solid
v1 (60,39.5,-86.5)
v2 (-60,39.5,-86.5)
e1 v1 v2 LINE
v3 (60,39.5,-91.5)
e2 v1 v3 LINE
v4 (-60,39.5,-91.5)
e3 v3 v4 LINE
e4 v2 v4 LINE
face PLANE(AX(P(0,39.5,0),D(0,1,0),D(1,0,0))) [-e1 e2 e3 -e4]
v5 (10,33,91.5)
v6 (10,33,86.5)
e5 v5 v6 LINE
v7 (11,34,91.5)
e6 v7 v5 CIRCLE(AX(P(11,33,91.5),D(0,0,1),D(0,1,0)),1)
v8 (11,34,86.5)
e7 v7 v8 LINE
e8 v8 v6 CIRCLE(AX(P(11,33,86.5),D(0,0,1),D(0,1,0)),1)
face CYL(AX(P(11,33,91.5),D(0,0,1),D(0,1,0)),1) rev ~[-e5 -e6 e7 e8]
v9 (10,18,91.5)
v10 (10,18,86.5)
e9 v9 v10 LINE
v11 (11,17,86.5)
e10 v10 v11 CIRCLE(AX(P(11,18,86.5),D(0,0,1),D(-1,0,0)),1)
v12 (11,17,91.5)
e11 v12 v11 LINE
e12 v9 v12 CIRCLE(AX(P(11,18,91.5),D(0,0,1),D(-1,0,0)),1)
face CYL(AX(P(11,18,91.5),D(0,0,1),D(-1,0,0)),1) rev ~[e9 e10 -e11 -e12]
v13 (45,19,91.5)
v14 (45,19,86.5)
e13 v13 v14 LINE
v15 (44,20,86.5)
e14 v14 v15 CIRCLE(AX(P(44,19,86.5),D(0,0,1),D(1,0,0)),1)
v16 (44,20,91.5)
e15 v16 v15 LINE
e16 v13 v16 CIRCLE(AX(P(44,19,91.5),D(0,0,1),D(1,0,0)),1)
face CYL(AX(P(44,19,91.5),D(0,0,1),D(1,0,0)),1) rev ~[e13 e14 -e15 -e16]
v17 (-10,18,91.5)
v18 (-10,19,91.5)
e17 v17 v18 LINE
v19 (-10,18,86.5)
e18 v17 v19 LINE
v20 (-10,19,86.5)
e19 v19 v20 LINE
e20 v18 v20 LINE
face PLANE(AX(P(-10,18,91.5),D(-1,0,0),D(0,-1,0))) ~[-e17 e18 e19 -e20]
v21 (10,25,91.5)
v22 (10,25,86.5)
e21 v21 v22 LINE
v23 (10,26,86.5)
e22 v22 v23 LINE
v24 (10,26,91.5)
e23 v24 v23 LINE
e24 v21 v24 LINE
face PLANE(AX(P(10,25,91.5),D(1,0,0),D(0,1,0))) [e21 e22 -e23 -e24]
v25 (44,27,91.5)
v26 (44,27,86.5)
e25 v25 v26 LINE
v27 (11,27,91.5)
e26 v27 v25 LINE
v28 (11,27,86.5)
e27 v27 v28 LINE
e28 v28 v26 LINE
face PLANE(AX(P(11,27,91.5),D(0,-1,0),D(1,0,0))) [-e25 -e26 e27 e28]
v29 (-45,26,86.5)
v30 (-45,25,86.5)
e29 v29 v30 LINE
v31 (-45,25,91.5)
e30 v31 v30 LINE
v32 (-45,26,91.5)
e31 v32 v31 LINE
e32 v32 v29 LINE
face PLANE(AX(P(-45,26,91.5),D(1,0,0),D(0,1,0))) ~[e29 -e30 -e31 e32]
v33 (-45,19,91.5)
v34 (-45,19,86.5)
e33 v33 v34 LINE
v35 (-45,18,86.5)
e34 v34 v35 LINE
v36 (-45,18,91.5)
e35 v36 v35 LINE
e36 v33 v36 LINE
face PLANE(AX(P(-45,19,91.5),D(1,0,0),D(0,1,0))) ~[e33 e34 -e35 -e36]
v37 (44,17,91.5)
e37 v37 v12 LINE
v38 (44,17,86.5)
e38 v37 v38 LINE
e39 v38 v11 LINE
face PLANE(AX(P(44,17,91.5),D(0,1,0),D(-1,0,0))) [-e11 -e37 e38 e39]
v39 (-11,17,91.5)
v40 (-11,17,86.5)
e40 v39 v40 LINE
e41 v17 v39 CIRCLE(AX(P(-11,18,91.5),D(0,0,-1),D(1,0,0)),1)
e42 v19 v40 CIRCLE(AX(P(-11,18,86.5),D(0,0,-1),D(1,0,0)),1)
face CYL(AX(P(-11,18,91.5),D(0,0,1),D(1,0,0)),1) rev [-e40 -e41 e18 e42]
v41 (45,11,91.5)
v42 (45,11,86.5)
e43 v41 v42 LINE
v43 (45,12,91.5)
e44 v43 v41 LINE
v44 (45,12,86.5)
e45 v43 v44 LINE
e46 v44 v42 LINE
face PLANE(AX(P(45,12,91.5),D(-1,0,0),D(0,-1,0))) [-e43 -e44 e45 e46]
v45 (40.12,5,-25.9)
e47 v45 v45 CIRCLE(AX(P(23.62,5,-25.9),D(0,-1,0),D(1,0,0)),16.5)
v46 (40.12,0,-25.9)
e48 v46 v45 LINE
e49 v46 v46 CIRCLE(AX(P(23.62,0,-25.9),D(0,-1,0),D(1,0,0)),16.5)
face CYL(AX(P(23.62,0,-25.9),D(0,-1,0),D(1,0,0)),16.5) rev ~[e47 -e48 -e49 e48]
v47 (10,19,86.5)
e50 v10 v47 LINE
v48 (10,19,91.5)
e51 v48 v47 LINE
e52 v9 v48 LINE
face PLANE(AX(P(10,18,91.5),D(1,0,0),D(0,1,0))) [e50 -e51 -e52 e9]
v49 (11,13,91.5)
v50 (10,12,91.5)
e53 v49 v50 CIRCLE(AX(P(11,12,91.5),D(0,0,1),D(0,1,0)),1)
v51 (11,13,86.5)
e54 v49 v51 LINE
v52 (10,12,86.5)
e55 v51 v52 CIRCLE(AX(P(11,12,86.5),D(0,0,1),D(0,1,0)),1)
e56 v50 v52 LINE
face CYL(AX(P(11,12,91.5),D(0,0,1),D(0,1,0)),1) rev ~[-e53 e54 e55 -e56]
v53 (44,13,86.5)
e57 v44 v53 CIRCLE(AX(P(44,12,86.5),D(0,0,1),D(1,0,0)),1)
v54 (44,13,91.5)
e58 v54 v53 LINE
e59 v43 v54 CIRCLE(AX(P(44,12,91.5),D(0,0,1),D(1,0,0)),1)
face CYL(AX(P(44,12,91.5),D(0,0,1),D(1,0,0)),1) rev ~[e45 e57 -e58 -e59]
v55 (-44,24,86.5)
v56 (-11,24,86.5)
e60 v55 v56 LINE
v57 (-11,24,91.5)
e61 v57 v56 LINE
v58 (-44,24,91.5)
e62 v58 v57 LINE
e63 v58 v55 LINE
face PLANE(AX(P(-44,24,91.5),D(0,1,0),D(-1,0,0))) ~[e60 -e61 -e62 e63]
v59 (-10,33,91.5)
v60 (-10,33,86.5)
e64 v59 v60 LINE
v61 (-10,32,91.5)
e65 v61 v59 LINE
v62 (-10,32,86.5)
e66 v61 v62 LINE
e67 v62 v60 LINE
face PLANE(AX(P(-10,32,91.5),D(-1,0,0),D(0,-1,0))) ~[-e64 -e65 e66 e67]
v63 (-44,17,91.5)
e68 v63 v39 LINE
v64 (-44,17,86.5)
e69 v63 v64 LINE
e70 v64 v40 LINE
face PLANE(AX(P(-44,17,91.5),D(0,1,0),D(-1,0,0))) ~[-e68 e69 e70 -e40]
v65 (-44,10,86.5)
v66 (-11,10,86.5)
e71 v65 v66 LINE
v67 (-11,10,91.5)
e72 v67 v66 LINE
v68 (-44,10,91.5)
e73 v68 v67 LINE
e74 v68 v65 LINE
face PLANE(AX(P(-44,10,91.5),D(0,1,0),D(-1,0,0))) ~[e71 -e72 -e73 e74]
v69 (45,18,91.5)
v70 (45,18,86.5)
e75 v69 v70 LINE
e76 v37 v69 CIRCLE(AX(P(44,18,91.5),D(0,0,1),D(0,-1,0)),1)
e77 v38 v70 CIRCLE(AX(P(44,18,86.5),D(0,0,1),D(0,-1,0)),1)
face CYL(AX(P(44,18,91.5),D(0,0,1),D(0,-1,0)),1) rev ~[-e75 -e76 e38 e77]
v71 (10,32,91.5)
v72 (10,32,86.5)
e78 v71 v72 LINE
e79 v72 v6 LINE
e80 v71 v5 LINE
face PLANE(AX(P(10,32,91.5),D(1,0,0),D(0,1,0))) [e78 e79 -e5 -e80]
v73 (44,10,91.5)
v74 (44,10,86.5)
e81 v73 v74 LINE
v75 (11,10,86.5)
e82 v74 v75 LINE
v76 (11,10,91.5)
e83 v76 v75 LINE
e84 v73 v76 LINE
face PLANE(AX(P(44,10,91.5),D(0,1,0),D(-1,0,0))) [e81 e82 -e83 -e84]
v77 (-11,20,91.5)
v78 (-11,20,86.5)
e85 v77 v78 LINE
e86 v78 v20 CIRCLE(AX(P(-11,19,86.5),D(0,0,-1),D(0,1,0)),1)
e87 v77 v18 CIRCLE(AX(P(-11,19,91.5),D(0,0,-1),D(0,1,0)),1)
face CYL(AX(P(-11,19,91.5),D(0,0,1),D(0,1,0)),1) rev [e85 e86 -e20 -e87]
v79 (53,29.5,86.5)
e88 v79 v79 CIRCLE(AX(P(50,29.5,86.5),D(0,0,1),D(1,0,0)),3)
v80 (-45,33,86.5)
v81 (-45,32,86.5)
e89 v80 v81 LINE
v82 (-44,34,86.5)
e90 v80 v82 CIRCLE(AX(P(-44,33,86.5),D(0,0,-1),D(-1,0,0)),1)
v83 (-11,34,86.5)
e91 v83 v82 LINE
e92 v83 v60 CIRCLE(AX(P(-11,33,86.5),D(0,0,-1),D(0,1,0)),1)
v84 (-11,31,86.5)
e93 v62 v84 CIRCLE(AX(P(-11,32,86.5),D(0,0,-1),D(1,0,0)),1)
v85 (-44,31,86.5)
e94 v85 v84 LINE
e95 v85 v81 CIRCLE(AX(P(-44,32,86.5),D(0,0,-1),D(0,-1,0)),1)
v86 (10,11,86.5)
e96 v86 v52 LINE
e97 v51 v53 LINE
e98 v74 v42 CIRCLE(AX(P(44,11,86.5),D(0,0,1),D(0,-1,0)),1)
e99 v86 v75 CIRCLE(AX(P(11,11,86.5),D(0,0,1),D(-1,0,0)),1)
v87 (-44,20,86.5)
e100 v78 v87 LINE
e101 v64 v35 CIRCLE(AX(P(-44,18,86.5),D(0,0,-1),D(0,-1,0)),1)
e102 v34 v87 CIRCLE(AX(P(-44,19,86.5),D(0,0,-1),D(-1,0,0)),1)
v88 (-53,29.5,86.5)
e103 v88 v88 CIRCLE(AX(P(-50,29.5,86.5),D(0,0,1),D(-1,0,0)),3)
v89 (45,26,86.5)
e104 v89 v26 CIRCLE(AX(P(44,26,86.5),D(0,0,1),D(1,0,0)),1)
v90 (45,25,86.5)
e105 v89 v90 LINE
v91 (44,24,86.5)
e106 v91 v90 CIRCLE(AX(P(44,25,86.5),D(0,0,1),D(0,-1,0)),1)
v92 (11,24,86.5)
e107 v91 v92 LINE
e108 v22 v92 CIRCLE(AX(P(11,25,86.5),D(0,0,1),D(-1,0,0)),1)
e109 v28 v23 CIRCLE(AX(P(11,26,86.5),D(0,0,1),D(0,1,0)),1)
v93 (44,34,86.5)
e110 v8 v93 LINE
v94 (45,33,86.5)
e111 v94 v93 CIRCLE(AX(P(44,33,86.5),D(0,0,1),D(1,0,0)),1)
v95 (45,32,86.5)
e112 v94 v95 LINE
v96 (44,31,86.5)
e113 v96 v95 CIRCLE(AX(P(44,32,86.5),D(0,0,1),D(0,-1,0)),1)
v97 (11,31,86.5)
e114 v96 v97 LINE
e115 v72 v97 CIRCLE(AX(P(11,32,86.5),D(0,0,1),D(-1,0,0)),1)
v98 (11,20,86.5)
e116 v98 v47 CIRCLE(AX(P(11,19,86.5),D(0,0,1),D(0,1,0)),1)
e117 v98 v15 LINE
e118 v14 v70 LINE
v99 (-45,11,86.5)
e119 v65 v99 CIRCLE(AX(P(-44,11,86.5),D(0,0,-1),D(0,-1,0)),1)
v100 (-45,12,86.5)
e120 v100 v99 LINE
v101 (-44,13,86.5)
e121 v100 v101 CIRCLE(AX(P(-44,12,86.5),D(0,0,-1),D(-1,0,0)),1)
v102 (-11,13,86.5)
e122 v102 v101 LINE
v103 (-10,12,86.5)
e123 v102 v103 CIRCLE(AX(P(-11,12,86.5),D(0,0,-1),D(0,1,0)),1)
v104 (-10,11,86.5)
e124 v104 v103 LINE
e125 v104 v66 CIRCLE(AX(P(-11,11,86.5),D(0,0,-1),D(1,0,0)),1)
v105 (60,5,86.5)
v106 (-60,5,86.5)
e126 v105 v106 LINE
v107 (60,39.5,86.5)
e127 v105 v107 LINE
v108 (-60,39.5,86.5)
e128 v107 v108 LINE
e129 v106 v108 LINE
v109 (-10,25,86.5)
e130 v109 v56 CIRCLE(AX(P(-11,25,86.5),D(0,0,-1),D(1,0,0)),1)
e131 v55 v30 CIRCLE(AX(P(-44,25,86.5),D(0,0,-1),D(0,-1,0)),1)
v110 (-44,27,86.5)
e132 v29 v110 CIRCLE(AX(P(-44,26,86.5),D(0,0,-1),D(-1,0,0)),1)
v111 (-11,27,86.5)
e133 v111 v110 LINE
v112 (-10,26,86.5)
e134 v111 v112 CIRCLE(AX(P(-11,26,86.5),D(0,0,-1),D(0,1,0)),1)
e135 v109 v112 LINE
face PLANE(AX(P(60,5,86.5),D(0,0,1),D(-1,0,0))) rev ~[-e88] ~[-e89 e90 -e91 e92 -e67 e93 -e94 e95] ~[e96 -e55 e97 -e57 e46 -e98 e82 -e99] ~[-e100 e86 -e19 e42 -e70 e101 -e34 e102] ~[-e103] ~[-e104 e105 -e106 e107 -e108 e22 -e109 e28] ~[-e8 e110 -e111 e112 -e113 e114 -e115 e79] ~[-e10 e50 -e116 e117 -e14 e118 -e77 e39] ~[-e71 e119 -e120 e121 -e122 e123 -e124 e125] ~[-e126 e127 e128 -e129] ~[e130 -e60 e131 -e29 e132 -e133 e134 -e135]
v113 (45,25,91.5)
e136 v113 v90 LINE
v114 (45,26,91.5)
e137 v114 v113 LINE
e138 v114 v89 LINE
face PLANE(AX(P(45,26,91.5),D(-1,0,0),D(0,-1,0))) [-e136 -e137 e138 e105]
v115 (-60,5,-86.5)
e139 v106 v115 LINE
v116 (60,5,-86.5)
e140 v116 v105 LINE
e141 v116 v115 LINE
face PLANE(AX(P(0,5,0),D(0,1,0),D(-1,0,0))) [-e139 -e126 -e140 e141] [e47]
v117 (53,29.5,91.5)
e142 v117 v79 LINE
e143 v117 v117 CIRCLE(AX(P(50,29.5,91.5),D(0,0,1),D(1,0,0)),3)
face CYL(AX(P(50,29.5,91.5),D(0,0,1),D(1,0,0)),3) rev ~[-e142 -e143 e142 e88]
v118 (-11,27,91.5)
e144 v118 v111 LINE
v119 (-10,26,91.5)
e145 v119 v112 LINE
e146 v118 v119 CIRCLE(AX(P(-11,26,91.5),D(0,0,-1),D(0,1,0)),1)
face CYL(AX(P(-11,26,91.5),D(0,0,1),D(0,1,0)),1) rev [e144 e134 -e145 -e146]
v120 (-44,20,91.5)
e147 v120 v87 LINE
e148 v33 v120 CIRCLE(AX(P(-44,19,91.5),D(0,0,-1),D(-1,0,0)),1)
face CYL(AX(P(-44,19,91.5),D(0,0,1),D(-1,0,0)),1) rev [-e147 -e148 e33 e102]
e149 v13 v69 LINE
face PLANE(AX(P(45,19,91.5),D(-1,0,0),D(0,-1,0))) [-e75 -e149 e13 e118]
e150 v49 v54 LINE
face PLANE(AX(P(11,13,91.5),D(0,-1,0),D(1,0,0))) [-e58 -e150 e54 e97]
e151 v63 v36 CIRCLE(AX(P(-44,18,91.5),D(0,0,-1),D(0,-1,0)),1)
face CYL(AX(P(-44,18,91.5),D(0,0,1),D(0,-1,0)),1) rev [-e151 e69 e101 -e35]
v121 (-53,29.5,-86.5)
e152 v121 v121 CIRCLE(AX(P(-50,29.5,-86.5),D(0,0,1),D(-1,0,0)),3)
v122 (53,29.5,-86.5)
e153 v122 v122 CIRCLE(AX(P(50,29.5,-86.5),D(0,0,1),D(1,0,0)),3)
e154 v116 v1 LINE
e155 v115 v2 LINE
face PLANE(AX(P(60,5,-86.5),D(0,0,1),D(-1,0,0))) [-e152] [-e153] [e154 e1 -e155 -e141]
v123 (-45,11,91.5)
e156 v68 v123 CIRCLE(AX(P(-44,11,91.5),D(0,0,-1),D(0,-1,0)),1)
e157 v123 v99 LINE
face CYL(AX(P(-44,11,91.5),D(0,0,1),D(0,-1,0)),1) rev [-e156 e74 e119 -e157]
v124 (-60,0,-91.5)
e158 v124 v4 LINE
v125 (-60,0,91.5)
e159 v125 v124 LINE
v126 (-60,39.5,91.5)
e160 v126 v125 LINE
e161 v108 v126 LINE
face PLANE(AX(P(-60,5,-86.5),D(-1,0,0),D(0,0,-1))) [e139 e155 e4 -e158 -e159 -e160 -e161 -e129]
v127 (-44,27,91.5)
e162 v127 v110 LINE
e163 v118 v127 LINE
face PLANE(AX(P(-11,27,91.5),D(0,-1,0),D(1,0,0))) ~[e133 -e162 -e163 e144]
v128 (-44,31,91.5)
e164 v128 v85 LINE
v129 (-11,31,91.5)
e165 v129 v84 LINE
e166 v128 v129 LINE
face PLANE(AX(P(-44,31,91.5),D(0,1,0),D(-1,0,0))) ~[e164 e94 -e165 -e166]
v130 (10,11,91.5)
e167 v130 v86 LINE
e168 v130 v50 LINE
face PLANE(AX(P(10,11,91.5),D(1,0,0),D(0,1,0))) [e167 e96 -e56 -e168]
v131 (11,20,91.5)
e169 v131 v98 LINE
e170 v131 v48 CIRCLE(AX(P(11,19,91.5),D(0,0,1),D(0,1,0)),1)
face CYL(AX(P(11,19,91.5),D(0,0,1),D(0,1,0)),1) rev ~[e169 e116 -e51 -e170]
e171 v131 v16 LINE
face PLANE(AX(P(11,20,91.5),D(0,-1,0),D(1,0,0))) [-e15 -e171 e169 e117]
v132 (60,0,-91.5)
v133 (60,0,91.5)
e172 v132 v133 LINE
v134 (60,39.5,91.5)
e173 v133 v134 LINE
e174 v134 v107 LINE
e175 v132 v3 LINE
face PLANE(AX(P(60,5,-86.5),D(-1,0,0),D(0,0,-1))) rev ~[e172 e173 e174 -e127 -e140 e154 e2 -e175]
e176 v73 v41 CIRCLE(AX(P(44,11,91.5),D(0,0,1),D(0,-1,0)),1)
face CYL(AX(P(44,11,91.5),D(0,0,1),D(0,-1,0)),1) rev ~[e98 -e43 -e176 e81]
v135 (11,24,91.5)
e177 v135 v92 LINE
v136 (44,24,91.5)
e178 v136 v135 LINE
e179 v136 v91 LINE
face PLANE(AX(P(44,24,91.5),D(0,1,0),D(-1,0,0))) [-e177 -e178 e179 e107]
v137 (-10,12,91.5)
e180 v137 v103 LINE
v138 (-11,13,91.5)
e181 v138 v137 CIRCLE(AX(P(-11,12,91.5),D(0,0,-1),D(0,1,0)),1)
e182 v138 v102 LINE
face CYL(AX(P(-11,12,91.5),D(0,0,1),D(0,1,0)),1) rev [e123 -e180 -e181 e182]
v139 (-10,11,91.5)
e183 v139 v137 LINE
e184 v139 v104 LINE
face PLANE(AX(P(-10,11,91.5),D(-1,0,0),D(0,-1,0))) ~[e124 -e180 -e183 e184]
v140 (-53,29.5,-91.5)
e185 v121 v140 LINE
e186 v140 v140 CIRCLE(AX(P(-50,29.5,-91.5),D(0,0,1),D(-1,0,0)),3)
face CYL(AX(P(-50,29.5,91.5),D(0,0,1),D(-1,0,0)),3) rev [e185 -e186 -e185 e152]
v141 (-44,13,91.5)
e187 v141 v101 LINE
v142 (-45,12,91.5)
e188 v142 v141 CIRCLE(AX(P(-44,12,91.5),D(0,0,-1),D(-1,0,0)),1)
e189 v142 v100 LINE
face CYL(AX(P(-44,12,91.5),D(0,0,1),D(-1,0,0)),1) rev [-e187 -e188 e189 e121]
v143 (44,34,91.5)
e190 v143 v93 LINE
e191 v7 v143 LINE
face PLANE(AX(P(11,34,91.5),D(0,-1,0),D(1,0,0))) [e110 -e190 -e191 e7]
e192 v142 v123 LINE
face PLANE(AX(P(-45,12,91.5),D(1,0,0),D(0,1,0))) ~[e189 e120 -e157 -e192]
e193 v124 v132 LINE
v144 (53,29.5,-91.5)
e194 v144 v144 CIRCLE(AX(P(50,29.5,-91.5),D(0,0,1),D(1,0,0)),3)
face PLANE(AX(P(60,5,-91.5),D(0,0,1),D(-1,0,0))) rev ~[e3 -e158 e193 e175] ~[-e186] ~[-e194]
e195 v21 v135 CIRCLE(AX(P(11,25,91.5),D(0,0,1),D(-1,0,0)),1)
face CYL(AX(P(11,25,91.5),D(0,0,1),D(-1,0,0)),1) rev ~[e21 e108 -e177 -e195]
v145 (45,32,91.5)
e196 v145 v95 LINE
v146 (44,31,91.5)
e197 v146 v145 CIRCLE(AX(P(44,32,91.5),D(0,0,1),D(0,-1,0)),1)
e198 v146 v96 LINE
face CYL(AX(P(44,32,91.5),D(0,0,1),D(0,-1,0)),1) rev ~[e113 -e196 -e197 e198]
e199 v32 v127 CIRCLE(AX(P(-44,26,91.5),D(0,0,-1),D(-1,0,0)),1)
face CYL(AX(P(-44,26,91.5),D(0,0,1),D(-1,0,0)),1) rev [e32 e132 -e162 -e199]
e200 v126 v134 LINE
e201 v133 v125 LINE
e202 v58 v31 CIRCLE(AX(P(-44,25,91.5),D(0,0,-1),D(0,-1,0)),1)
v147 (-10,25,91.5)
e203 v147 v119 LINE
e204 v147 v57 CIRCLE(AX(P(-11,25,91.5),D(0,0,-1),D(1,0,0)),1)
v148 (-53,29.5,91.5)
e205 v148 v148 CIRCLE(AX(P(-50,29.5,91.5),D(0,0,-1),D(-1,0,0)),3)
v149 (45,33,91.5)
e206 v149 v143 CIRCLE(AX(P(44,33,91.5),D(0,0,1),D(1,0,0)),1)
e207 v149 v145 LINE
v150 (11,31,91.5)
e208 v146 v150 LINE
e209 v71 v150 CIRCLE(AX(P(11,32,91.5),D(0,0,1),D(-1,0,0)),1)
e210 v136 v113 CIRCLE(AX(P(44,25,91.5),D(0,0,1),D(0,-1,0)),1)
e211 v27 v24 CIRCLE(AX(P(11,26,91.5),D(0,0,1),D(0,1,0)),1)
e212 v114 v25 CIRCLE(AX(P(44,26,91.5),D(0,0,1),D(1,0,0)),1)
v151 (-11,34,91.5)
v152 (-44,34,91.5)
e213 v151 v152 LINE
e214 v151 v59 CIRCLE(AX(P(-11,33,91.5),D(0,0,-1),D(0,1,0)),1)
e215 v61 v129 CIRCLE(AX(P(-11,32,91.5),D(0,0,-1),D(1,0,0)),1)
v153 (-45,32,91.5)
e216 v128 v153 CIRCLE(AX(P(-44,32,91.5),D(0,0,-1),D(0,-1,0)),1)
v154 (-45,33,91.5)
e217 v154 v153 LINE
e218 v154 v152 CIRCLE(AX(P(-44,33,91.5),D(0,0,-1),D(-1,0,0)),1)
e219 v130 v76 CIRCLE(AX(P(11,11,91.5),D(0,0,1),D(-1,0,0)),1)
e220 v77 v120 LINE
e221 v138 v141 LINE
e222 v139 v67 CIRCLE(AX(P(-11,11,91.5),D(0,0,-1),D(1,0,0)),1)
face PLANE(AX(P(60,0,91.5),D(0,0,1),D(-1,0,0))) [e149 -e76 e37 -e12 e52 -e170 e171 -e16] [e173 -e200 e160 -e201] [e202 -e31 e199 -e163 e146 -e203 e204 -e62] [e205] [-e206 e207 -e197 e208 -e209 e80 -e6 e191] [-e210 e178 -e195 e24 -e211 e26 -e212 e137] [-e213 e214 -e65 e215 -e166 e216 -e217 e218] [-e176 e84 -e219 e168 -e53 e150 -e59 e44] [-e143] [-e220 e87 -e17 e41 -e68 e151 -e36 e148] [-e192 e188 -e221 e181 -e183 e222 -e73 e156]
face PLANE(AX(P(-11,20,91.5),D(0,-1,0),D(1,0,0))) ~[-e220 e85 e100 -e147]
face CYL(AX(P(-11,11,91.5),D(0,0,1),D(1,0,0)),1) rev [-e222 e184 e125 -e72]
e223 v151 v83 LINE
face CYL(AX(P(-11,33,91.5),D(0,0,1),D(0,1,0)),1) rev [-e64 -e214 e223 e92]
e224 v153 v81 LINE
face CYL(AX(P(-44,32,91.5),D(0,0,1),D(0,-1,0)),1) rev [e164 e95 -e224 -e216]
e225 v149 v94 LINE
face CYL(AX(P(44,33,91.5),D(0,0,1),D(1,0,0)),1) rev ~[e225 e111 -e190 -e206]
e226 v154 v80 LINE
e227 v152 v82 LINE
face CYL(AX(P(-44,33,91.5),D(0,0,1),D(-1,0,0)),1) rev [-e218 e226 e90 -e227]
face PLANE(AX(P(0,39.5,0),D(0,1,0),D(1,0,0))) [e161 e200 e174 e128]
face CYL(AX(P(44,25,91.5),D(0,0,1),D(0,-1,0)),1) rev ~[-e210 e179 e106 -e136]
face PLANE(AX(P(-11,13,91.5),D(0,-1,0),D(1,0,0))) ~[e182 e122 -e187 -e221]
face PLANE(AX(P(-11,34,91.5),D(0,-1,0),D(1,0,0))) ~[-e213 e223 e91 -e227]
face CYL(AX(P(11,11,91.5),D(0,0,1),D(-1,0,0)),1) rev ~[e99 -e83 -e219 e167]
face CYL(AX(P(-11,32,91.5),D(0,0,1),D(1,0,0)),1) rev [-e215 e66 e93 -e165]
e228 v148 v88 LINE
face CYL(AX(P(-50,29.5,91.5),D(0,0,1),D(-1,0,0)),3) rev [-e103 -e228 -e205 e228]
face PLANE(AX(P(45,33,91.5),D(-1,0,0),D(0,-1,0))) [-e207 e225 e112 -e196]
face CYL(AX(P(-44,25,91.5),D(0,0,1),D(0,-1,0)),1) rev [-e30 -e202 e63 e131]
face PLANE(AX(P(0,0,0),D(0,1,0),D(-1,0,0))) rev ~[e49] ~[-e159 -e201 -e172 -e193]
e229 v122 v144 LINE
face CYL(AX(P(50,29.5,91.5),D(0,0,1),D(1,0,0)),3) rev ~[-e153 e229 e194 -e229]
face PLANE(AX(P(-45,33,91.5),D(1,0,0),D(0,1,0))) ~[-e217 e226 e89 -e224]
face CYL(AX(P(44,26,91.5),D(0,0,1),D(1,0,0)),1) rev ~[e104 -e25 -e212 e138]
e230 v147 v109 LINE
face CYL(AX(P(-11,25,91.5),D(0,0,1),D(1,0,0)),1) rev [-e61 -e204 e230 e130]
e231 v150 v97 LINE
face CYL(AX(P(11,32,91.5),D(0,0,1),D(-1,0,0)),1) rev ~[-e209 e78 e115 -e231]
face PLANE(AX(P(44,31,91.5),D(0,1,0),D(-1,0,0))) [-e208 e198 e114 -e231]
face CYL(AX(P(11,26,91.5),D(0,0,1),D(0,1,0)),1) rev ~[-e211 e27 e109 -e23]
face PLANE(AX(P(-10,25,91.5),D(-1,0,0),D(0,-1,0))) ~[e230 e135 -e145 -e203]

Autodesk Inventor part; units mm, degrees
ref_plane "YZ Plane" through (0, 0, 0) normal (1, 0, 0) x (0, 1, 0)
ref_plane "XZ Plane" through (0, 0, 0) normal (0, 1, 0) x (-1, 0, 0)
ref_plane "XY Plane" through (0, 0, 0) normal (0, 0, 1) x (1, 0, 0)
sketch "Sketch1" plane through (0, 0, 0) normal (0, 1, 0) x (-1, 0, 0)
  line L0 (-60, 91.5) -> (60, 91.5)
  line L1 (60, 91.5) -> (60, -91.5)
  line L2 (60, -91.5) -> (-60, -91.5)
  line L3 (-60, -91.5) -> (-60, 91.5)
  line L4 (-60, 91.5) -> (60, -91.5) construction
  line L5 (60, 91.5) -> (-60, -91.5) construction
  point P0 (0, 0)
  dimension "d0" = 120
  dimension "d1" = 183
extrude "Extrusion1" add sketch "Sketch1" along normal blind 5
sketch "Sketch2" plane through (0, 5, 0) normal (0, 1, 0) x (1, 0, 0)
  line L0 (-60, 91.5) -> (-60, -91.5) projected
  line L1 (60, -91.5) -> (60, 91.5) projected
  line L2 (-60, -91.5) -> (60, -91.5)
  line L3 (60, -91.5) -> (60, -86.5)
  line L4 (60, -86.5) -> (-60, -86.5)
  line L5 (-60, -86.5) -> (-60, -91.5)
  point P0 (0, 0)
  dimension "d4" = 5
extrude "Extrusion2" add sketch "Sketch2" along normal blind 34.5
sketch "Sketch3" plane through (0, 5, 0) normal (0, 1, 0) x (1, 0, 0)
  line L0 (60, 91.5) -> (-60, 91.5) projected
  line L1 (60, -91.5) -> (60, 91.5) projected
  line L2 (-60, 91.5) -> (60, 91.5)
  line L3 (60, 91.5) -> (60, 86.5)
  line L4 (60, 86.5) -> (-60, 86.5)
  line L5 (-60, 86.5) -> (-60, 91.5)
  point P0 (0, 0)
  dimension "d7" = 5
extrude "Extrusion3" add sketch "Sketch3" along normal blind 34.5
sketch "Sketch4" plane through (0, 0, 0) normal (0, -1, 0) x (1, 0, 0)
  circle A0 centre (23.62, -25.9) radius 16.5
  line L0 (-60, 91.5) -> (60, 91.5) projected
  line L1 (-60, -91.5) -> (-60, 91.5) projected
  point P0 (0, 0)
  dimension "d11" = 33
  dimension "d14" = 117.4
  dimension "d15" = 83.62
extrude "Extrusion4" cut sketch "Sketch4" against normal through all
sketch "Sketch5" plane through (-60, 0, 91.5) normal (0, 0, 1) x (1, 0, 0)
  line L0 (104, 10) -> (71, 10)
  line L1 (70, 11) -> (70, 12)
  line L2 (71, 13) -> (104, 13)
  line L3 (105, 12) -> (105, 11)
  line L4 (120, 0) -> (120, 39.5) projected
  line L5 (0, 0) -> (120, 0) projected
  arc A0 (104, 10) -> (105, 11) centre (104, 11) ccw
  arc A1 (105, 12) -> (104, 13) centre (104, 12) ccw
  arc A2 (70, 11) -> (71, 10) centre (71, 11) ccw
  arc A3 (71, 13) -> (70, 12) centre (71, 12) ccw
  point P0 (60, 0)
  point P1 (105, 10)
  point P2 (70, 13)
  point P3 (70, 10)
  point P4 (105, 13)
  dimension "d16" = 15
  dimension "d17" = 10
  dimension "d18" = 3
  dimension "d19" = 35
  dimension "d22" = 1
extrude "Extrusion5" cut sketch "Sketch5" against normal blind 5
mirror "Mirror1" about plane through (0, 0, 0) normal (1, 0, 0) of "Extrusion5"
pattern_linear "Rectangular Pattern1" count 4 spacing 7 along (0, 1, 0) of "Extrusion5", "Mirror1", "Extrusion4"
sketch "Sketch6" plane through (-60, 0, 91.5) normal (0, 0, 1) x (1, 0, 0)
  circle A0 centre (110, 29.5) radius 3
  line L0 (120, 0) -> (120, 39.5) projected
  line L1 (0, 39.5) -> (120, 39.5) projected
  point P0 (60, 0)
  dimension "d26" = 6
  dimension "d27" = 10
  dimension "d28" = 10
extrude "Extrusion6" cut sketch "Sketch6" against normal through all
mirror "Mirror2" about plane through (0, 0, 0) normal (1, 0, 0) of "Extrusion6"
properties part number "Caja2"
